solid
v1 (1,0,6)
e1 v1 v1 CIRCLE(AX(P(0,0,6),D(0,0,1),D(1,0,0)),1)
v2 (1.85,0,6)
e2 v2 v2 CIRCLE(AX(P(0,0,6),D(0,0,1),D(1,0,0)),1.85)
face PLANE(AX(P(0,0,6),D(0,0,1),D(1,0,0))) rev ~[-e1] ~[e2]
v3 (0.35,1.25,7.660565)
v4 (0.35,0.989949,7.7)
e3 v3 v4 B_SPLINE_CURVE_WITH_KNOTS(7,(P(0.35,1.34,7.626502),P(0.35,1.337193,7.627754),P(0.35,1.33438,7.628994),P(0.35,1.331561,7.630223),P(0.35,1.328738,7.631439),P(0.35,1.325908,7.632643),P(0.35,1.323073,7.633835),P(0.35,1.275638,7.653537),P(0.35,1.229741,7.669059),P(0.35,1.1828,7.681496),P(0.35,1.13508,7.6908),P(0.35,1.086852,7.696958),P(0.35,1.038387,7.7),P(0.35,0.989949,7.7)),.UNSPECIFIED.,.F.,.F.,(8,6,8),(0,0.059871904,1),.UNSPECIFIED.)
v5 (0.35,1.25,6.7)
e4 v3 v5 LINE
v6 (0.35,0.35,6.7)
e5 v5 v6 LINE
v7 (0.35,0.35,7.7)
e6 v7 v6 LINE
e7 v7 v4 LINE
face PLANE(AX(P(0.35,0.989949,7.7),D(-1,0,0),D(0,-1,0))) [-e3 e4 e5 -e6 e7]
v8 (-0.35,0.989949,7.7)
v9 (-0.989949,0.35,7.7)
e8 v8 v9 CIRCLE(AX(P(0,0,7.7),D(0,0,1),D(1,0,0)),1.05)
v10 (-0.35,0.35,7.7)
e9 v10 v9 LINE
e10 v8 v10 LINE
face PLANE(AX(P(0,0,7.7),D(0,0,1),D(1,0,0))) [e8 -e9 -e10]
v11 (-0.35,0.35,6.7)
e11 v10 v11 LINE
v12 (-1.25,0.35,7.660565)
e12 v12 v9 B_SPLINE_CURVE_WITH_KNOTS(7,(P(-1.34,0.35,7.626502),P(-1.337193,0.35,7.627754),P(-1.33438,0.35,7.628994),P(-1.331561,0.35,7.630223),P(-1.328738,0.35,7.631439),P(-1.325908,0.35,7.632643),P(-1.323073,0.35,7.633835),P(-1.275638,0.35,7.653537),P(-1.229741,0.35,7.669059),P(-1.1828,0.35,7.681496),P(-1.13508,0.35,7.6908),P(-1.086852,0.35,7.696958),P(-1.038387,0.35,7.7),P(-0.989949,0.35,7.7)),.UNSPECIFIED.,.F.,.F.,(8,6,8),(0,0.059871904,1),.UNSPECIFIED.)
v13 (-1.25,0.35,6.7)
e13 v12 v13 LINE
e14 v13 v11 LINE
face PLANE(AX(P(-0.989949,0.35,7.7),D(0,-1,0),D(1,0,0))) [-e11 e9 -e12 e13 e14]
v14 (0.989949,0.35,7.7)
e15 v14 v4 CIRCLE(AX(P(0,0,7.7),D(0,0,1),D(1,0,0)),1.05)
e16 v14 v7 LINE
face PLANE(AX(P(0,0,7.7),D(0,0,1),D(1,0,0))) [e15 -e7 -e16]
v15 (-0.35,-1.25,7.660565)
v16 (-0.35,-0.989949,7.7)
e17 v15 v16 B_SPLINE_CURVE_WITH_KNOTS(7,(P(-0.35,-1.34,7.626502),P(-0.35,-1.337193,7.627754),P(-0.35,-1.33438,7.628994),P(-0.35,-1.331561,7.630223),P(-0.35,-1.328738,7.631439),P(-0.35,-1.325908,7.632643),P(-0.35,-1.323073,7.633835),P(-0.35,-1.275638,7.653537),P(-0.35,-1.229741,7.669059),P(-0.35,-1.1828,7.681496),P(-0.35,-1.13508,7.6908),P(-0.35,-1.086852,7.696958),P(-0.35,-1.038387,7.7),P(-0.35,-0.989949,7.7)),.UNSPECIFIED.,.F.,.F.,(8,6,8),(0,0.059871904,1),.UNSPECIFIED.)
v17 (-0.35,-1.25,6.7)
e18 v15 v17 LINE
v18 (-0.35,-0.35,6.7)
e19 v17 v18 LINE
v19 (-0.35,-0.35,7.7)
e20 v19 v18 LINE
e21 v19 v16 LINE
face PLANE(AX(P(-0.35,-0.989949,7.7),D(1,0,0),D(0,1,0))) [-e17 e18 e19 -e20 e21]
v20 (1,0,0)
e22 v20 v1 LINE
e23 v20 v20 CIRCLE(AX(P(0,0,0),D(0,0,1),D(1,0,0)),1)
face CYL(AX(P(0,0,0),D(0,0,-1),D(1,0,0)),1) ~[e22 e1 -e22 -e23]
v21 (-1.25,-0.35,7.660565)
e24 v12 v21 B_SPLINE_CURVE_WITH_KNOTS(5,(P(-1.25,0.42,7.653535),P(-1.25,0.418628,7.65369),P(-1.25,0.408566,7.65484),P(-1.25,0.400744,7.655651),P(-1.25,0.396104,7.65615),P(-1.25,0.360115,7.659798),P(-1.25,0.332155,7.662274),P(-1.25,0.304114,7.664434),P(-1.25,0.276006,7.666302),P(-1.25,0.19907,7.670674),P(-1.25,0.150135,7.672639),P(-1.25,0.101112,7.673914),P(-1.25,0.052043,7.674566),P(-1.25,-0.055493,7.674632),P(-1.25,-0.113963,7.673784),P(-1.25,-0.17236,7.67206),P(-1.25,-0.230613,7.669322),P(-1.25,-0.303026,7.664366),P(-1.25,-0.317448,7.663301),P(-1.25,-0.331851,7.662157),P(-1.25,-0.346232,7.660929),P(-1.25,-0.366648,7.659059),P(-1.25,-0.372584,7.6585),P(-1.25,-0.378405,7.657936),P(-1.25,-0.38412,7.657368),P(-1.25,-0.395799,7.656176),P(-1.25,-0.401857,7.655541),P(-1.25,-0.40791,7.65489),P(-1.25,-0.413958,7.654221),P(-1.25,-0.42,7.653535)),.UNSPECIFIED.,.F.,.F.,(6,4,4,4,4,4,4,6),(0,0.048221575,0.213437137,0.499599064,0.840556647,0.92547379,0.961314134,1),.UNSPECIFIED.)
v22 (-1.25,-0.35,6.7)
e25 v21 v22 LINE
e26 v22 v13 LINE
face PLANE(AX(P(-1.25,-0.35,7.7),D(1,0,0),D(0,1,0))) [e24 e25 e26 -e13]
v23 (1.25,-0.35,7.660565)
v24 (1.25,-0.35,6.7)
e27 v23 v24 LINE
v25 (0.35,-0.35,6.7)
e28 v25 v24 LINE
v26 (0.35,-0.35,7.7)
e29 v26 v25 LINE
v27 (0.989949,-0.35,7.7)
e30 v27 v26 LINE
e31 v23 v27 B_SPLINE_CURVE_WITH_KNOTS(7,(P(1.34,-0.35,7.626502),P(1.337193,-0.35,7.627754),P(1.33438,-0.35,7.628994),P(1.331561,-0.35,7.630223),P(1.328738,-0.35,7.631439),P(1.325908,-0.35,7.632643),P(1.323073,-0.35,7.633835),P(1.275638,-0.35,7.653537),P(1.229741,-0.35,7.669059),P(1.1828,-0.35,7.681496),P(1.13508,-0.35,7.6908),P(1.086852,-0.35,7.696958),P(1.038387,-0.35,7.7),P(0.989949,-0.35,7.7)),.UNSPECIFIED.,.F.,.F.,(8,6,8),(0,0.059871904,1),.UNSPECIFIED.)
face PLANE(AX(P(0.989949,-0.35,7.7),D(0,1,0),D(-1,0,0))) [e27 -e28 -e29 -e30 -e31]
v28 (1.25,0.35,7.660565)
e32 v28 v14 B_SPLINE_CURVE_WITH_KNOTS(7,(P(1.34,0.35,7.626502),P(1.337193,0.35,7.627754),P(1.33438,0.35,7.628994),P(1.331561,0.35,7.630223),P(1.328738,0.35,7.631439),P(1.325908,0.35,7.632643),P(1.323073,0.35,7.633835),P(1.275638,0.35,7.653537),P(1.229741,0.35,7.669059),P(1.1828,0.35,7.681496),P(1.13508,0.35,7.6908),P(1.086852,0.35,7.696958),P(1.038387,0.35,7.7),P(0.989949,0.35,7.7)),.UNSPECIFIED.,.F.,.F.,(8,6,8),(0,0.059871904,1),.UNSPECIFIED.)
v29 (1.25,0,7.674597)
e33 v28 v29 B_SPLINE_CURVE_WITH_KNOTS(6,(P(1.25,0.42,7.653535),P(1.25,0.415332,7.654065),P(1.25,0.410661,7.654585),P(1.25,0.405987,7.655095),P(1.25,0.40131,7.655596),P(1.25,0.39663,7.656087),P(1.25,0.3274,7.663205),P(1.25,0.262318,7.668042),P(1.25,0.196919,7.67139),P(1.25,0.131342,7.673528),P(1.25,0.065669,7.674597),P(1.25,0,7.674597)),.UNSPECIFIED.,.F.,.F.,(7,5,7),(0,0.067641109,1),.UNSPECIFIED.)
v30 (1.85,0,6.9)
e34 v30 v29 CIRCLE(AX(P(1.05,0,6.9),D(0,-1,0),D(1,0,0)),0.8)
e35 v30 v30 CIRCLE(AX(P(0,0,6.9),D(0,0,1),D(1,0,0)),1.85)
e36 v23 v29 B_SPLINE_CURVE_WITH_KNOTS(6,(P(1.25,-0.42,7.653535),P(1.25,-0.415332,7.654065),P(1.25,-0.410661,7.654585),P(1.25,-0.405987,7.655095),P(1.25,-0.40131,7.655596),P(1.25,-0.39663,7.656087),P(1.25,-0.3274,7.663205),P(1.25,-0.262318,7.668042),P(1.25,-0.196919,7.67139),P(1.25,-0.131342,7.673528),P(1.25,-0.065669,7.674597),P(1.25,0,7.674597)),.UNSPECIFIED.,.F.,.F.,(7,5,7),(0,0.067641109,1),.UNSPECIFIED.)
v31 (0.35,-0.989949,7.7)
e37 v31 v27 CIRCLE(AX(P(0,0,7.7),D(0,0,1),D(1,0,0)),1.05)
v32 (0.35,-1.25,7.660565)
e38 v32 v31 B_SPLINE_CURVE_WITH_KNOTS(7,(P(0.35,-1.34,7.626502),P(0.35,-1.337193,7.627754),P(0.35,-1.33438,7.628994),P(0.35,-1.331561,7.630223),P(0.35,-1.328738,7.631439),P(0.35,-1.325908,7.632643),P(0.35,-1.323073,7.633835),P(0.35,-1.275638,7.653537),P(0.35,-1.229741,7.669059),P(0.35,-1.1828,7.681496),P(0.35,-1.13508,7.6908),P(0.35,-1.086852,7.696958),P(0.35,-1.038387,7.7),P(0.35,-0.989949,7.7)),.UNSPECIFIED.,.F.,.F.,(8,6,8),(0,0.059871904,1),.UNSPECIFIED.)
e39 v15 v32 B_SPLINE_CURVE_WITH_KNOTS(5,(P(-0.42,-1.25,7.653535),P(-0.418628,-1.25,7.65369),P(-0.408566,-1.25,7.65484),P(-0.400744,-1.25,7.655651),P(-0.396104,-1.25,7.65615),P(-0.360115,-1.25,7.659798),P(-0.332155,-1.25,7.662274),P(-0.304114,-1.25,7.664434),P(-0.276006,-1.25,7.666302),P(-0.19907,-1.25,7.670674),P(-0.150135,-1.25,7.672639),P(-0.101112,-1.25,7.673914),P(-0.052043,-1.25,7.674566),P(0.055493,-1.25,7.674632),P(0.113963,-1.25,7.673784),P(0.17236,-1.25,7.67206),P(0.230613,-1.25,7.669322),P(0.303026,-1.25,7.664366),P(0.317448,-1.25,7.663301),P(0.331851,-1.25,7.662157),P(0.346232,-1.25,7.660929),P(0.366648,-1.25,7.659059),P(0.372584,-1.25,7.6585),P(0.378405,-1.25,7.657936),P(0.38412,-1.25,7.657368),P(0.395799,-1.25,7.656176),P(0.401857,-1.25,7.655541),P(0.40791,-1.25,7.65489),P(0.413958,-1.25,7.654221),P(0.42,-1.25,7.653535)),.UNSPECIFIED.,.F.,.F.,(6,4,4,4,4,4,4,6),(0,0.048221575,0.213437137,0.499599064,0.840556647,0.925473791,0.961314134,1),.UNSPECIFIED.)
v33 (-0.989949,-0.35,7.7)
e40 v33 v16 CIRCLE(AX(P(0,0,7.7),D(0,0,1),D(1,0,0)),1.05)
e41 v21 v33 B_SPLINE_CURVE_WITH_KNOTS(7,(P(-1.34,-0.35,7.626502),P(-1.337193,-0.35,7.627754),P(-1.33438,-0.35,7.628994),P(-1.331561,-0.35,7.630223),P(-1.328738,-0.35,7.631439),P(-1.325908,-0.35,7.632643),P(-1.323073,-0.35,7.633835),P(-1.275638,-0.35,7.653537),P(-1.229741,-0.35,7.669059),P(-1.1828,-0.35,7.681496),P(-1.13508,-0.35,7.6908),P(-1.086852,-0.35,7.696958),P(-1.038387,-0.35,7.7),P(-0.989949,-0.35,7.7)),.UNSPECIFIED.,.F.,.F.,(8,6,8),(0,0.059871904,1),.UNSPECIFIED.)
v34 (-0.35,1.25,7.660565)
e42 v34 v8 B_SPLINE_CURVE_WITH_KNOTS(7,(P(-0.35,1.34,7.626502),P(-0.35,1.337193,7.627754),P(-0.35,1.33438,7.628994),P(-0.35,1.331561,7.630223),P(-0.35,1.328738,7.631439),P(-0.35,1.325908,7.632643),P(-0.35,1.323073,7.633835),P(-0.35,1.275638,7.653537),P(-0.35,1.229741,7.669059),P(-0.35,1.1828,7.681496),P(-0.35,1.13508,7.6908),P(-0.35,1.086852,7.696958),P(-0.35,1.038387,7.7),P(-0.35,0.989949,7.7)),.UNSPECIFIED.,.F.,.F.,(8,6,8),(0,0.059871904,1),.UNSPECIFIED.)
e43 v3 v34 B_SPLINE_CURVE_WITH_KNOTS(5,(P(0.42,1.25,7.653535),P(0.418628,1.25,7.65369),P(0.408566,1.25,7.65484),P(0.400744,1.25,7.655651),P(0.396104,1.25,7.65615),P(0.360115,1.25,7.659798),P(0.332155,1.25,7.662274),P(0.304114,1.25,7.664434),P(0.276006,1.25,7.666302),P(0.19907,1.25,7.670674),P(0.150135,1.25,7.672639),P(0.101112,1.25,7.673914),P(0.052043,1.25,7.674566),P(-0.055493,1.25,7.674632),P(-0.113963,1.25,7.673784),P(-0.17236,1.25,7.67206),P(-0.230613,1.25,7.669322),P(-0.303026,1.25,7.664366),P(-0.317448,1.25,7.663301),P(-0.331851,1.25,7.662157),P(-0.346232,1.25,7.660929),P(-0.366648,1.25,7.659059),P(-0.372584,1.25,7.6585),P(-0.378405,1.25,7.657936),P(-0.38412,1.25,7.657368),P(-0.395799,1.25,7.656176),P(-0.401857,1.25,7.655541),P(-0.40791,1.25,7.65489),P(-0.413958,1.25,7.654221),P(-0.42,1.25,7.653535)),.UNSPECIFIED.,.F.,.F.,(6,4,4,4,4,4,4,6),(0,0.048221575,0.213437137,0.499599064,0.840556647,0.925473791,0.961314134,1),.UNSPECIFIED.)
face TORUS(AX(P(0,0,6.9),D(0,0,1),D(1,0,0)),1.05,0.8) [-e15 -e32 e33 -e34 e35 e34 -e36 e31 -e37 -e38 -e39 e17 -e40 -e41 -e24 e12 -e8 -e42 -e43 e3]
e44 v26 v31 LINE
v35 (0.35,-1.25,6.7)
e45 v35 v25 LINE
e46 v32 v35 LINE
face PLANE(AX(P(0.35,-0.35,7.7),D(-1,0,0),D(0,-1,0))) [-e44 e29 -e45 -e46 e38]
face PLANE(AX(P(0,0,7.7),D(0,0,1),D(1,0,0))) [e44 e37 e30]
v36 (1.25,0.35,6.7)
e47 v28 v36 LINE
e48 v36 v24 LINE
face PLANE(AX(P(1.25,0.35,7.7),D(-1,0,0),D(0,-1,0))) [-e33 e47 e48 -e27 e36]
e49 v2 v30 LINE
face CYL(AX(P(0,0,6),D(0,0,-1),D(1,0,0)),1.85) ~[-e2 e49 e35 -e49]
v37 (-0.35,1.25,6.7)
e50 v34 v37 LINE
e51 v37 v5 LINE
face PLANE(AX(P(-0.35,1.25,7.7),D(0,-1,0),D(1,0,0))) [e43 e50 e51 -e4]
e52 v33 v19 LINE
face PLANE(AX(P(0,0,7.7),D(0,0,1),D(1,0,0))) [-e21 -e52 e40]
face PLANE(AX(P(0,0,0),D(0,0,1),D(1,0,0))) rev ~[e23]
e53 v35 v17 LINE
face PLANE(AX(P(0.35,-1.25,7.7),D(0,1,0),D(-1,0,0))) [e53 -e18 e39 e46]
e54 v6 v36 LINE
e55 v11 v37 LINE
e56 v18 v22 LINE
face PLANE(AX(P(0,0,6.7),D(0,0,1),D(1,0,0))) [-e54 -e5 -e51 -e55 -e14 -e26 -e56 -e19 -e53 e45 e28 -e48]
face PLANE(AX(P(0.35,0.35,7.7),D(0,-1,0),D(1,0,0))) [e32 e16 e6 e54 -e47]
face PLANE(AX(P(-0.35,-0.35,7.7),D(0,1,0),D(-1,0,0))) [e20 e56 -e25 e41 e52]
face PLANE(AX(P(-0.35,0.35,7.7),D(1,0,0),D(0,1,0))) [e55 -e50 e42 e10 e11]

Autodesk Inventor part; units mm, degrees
ref_plane "YZ Plane" through (0, 0, 0) normal (1, 0, 0) x (0, 1, 0)
ref_plane "XZ Plane" through (0, 0, 0) normal (0, 1, 0) x (-1, 0, 0)
ref_plane "XY Plane" through (0, 0, 0) normal (0, 0, 1) x (1, 0, 0)
sketch "Sketch1" plane through (0, 0, 0) normal (0, 0, 1) x (1, 0, 0)
  circle A0 centre (0, 0) radius 1
  dimension "d0" = 2
extrude "Extrusion1" add sketch "Sketch1" along normal blind 6
thread "Thread1" size "M2x0.4" class "6g" standard "ANSI Metric M Profile" full length
sketch "Sketch2" plane through (0, 0, 6) normal (0, 0, 1) x (1, 0, 0)
  circle A0 centre (0, 0) radius 1 projected
  circle A1 centre (0, 0) radius 1.85
  dimension "d6" = 3.7
extrude "Extrusion2" add sketch "Sketch2" along normal blind 1.7 contours A0 | A1
fillet "Fillet1" radius 0.8 1 edges at (-1.85, 0, 7.7)
sketch "Sketch3" plane through (0, 0, 7.7) normal (0, 0, 1) x (1, 0, 0)
  circle A0 centre (0, 0) radius 1.05 projected
  line L0 (-0.35, 1.25) -> (0.35, 1.25)
  line L1 (0.35, 1.25) -> (0.35, -1.25)
  line L2 (0.35, -1.25) -> (-0.35, -1.25)
  line L3 (-0.35, -1.25) -> (-0.35, 1.25)
  line L4 (-1.25, 0.35) -> (1.25, 0.35)
  line L5 (1.25, 0.35) -> (1.25, -0.35)
  line L6 (1.25, -0.35) -> (-1.25, -0.35)
  line L7 (-1.25, -0.35) -> (-1.25, 0.35)
  point P0 (0, 1.25)
  point P1 (0.35, 0)
  point P2 (-1.25, 0)
  point P3 (0, 0.35)
  dimension "d11" = 0.7
  dimension "d15" = 2.5
  dimension "d16" = 0.7
  dimension "d17" = 2.5
extrude "Extrusion3" cut sketch "Sketch3" against normal blind 1 contours A0 L6 L1 L4 | A0 L4 L5 L6 | L1 L4 L3 A0 | A0 L3 L0 L1 | L1 L6 L3 L4 | L1 L2 L3 A0 | A0 L3 L6 L1 | L3 L6 A0 L4 | A0 L6 L7 L4
equation "\"d16\" = d11"
equation "\"d17\" = d15"
properties part number "M2x6 Screw"
